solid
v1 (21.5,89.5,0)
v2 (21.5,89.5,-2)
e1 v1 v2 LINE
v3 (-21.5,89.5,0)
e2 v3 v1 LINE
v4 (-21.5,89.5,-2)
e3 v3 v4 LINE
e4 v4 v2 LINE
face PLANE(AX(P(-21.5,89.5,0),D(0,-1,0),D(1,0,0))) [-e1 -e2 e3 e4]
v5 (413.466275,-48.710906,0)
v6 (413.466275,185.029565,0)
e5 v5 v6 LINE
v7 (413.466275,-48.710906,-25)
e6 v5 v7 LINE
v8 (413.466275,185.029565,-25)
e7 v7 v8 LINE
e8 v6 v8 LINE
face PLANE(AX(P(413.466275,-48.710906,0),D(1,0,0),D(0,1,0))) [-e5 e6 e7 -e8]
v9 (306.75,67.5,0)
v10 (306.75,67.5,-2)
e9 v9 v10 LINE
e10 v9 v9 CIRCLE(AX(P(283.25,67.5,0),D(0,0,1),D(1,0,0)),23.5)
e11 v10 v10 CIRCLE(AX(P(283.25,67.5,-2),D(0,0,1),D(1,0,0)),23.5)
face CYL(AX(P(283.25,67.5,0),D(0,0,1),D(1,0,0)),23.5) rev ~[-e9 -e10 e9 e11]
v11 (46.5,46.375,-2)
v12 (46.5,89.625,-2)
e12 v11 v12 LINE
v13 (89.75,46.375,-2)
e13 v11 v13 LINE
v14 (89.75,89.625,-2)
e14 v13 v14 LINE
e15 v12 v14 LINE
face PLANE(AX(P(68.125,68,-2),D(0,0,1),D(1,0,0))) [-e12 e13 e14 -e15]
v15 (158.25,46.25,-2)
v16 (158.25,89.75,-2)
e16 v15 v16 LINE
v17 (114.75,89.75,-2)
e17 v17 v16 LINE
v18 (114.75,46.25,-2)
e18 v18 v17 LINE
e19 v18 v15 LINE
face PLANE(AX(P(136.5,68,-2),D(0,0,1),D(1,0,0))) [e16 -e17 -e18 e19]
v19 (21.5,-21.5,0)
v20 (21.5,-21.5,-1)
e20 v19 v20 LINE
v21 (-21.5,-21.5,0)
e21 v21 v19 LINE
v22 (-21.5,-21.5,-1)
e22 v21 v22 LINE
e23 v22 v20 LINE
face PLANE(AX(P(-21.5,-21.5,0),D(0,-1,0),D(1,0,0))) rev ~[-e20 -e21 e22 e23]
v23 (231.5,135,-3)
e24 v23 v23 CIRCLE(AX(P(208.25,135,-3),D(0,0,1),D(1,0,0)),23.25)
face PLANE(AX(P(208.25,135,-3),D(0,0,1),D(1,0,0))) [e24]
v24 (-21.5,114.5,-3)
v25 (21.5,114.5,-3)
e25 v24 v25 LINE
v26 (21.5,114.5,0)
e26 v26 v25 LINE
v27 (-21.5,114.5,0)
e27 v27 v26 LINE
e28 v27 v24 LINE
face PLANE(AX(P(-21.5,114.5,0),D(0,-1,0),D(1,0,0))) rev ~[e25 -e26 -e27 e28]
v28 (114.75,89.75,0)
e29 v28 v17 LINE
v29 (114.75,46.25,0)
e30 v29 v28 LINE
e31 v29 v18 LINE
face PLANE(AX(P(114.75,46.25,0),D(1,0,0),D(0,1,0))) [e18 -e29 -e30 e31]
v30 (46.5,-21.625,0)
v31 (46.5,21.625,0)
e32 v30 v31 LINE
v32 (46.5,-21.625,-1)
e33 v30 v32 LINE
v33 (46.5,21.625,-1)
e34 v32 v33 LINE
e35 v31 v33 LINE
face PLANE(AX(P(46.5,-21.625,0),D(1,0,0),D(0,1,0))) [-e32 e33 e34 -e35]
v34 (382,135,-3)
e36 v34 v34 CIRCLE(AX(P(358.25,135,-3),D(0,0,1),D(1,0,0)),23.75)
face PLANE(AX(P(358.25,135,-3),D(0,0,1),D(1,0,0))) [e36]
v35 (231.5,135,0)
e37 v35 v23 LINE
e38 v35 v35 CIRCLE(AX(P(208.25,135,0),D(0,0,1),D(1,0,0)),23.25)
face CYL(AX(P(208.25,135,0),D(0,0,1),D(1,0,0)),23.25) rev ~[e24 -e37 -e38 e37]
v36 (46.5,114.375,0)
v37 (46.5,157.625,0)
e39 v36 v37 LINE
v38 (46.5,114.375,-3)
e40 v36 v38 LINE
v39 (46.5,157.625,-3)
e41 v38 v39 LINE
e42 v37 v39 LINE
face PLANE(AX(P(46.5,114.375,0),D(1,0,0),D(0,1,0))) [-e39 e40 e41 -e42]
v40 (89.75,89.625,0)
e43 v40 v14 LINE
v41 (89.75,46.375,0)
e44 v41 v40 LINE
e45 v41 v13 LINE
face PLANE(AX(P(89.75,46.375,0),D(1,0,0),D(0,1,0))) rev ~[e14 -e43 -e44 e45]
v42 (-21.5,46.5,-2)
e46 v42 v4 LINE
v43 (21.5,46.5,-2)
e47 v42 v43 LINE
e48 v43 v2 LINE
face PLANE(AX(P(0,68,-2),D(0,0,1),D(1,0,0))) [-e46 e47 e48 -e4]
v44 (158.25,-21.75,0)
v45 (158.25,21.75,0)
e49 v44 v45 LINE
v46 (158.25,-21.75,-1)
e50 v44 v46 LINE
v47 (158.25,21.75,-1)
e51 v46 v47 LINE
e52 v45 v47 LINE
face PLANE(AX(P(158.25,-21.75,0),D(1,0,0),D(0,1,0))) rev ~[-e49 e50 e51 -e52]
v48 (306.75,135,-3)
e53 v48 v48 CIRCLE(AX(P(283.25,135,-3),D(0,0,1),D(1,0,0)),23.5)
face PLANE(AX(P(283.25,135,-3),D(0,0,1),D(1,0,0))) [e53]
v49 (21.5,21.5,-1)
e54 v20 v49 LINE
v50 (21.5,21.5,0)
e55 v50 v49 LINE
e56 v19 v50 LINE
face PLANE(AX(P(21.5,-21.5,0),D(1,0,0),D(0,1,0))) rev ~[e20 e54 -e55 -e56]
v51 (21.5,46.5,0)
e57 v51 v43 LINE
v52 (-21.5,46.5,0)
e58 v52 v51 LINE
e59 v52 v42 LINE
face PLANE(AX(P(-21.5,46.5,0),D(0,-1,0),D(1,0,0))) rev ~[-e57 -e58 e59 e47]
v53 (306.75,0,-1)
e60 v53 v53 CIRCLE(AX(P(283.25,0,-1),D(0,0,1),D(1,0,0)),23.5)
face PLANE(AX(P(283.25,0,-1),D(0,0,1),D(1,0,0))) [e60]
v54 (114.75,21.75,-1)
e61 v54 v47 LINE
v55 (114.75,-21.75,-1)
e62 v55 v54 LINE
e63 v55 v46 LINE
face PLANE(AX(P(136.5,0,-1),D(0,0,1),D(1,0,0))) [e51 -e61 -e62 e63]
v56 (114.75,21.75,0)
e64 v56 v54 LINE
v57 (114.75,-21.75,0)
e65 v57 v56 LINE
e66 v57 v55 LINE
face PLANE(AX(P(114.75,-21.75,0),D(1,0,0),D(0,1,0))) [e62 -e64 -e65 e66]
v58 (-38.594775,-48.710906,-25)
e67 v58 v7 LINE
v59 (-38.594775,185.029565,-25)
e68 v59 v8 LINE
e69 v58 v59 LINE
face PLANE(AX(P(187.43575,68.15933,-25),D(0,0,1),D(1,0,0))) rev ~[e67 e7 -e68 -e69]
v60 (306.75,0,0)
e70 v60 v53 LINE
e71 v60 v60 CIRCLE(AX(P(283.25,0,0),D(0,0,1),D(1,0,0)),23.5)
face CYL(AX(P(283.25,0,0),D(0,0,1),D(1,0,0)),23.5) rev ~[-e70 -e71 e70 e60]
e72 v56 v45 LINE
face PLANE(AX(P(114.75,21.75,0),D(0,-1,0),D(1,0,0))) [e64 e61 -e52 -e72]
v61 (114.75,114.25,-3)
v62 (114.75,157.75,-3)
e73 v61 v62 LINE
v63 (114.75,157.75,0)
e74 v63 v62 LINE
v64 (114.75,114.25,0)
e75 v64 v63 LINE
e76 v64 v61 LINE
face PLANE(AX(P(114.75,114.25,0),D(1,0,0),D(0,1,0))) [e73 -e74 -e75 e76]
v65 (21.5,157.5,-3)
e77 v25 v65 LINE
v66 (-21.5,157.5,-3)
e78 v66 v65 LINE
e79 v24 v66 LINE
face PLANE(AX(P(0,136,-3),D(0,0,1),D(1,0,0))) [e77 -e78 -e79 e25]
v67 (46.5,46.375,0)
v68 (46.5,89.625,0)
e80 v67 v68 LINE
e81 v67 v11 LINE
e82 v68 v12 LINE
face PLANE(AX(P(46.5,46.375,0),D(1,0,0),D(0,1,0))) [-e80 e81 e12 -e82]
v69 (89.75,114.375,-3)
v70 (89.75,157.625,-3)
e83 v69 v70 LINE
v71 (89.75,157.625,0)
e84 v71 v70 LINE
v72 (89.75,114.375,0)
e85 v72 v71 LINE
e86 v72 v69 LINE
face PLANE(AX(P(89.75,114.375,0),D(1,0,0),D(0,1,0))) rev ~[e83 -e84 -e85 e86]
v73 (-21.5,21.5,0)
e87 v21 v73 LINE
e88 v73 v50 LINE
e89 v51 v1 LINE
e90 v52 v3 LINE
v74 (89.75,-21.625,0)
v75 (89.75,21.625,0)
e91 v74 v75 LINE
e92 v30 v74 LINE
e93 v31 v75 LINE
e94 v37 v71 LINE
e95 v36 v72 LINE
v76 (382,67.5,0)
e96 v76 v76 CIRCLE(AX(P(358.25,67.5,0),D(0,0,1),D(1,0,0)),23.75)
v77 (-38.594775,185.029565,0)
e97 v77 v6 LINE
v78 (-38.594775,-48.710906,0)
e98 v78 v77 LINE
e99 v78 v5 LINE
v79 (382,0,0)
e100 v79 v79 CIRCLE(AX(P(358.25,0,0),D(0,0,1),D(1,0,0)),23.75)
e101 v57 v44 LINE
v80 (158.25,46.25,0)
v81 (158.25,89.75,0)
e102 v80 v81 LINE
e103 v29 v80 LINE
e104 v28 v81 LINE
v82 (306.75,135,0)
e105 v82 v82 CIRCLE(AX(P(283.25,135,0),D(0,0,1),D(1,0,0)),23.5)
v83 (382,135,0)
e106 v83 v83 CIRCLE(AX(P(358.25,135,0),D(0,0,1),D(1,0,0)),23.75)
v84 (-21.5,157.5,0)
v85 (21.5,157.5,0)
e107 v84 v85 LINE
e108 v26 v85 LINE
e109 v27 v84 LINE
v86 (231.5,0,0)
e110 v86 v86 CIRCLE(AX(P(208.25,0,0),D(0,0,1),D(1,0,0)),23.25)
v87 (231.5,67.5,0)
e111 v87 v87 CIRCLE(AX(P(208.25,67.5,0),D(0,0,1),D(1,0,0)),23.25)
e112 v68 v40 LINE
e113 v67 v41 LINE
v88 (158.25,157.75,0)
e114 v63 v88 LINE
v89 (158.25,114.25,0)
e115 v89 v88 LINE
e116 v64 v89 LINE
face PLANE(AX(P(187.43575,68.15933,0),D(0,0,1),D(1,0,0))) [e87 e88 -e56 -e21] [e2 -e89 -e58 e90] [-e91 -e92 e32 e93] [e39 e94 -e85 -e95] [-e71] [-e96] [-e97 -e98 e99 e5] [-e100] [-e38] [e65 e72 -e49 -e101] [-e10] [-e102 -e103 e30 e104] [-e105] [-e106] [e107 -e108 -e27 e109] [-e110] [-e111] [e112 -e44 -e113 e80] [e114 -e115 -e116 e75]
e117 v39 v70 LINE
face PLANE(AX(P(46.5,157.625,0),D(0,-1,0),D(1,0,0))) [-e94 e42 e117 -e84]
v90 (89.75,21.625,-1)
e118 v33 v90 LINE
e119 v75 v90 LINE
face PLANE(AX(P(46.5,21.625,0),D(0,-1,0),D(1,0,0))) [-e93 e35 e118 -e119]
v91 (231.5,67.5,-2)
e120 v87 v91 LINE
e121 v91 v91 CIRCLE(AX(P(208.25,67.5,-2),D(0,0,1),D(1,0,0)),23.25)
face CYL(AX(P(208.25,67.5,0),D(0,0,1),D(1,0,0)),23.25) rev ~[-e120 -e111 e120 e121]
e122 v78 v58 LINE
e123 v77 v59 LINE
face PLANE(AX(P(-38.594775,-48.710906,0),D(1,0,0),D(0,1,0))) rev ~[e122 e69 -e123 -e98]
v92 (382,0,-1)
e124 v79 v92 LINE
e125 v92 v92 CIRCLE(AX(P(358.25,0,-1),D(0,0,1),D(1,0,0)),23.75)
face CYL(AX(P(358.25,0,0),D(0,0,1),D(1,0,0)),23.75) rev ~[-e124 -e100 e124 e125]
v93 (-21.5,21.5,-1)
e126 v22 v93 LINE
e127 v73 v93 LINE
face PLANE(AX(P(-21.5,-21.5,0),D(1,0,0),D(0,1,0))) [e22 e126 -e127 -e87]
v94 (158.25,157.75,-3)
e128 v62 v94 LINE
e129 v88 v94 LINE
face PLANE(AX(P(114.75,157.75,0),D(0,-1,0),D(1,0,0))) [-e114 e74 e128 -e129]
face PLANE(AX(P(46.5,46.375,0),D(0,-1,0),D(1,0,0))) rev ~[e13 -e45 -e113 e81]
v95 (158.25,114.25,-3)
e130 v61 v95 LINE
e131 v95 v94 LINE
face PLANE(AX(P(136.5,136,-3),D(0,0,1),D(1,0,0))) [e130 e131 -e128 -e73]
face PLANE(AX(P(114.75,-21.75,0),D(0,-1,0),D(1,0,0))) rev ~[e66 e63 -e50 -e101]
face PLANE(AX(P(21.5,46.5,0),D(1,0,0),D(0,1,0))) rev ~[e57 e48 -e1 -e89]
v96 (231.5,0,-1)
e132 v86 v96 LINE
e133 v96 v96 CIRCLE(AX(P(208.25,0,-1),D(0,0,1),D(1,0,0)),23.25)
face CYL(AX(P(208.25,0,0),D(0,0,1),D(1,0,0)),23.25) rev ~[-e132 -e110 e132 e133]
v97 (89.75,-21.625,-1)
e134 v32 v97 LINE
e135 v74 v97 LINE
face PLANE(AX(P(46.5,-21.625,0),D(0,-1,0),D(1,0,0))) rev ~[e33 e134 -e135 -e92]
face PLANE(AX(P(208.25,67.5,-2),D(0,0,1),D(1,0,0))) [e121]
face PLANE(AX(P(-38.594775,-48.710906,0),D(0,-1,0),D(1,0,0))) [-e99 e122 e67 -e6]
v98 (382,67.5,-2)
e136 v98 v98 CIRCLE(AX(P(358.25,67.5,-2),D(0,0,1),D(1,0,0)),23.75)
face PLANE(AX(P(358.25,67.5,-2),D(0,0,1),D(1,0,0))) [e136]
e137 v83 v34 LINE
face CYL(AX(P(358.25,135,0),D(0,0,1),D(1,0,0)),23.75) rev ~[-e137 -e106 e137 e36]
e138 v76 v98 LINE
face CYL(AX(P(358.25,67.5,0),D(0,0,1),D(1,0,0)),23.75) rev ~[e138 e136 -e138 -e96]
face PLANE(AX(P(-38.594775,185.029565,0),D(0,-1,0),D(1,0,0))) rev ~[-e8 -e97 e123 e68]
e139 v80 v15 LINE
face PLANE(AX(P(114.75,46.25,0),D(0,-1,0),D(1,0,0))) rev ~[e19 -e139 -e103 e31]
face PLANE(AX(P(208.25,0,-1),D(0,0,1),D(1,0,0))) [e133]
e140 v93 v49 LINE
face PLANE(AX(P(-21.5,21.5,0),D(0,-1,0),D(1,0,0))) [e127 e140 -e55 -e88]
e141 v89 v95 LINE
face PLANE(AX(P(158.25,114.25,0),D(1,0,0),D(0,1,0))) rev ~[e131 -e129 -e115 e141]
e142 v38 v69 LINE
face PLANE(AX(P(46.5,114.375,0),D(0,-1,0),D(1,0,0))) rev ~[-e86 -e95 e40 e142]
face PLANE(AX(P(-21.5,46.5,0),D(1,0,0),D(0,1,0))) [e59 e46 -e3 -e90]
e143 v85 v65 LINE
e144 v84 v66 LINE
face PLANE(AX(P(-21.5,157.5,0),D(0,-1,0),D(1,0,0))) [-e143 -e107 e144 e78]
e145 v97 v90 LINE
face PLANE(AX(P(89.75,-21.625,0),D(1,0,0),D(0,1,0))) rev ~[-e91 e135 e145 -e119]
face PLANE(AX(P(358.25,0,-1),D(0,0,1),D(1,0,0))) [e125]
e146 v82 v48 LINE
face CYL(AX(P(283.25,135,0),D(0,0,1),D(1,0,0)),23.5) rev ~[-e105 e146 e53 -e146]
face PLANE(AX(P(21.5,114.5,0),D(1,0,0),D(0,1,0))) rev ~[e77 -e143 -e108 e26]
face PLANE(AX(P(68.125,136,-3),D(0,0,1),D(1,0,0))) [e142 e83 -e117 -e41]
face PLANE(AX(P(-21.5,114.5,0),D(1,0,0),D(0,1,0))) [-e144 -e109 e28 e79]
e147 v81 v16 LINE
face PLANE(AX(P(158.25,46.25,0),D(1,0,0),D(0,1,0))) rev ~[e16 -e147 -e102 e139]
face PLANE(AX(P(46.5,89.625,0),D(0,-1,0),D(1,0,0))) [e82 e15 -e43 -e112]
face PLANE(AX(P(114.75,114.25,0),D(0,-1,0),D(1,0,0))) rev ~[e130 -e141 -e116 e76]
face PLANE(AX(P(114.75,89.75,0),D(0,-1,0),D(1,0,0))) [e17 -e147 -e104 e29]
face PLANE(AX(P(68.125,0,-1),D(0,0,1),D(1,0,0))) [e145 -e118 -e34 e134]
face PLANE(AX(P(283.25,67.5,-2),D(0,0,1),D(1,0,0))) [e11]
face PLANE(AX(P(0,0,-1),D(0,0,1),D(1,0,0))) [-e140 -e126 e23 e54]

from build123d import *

# Parameters (mm, degrees)
F3_W      = 452.06105
F3_H      = 233.740471
F4_DEPTH  = 25
F0_W      = 43
F0_H      = 43
F0_W_2    = 43.25
F0_H_2    = 43.25
F0_W_3    = 43.5
F0_H_3    = 43.5
F5_DEPTH  = 1
F1_W      = 43
F1_H      = 43
F1_W_2    = 43.25
F1_H_2    = 43.25
F1_W_3    = 43.5
F1_H_3    = 43.5
F6_DEPTH  = 2
F2_W      = 43
F2_H      = 43
F2_W_2    = 43.25
F2_H_2    = 43.25
F2_W_3    = 43.5
F2_H_3    = 43.5
F7_DEPTH  = 3
F8_R      = 23.25
F8_R_2    = 23.5
F8_R_3    = 23.75
F11_DEPTH = 1
F9_R      = 23.25
F9_R_2    = 23.5
F9_R_3    = 23.75
F12_DEPTH = 2
F10_R     = 23.25
F10_R_2   = 23.5
F10_R_3   = 23.75
F13_DEPTH = 3


with BuildPart() as f4:
    # F3 (on Top) → F4 (new body)
    with BuildSketch(Plane.XY):
        with Locations((187.43575, 68.15933)):
            Rectangle(F3_W, F3_H)
    extrude(amount=-F4_DEPTH)

    # F0 (on Top) → F5 (cut)
    with BuildSketch(Plane.XY):
        Rectangle(F0_W, F0_H)
        with Locations((68.125, 0)):
            Rectangle(F0_W_2, F0_H_2)
        with Locations((136.5, 0)):
            Rectangle(F0_W_3, F0_H_3)
    extrude(amount=-F5_DEPTH, mode=Mode.SUBTRACT)

    # F1 (on Top) → F6 (cut)
    with BuildSketch(Plane.XY):
        with Locations((0, 68)):
            Rectangle(F1_W, F1_H)
        with Locations((68.125, 68)):
            Rectangle(F1_W_2, F1_H_2)
        with Locations((136.5, 68)):
            Rectangle(F1_W_3, F1_H_3)
    extrude(amount=-F6_DEPTH, mode=Mode.SUBTRACT)

    # F2 (on Top) → F7 (cut)
    with BuildSketch(Plane.XY):
        with Locations((0, 136)):
            Rectangle(F2_W, F2_H)
        with Locations((68.125, 136)):
            Rectangle(F2_W_2, F2_H_2)
        with Locations((136.5, 136)):
            Rectangle(F2_W_3, F2_H_3)
    extrude(amount=-F7_DEPTH, mode=Mode.SUBTRACT)

    # F8 (on face) → F11 (cut)
    with BuildSketch(Plane.XY):
        with Locations((208.25, 0)):
            Circle(F8_R)
        with Locations((283.25, 0)):
            Circle(F8_R_2)
        with Locations((358.25, 0)):
            Circle(F8_R_3)
    extrude(amount=-F11_DEPTH, mode=Mode.SUBTRACT)

    # F9 (on face) → F12 (cut)
    with BuildSketch(Plane.XY):
        with Locations((208.25, 67.5)):
            Circle(F9_R)
        with Locations((283.25, 67.5)):
            Circle(F9_R_2)
        with Locations((358.25, 67.5)):
            Circle(F9_R_3)
    extrude(amount=-F12_DEPTH, mode=Mode.SUBTRACT)

    # F10 (on face) → F13 (cut)
    with BuildSketch(Plane.XY):
        with Locations((208.25, 135)):
            Circle(F10_R)
        with Locations((283.25, 135)):
            Circle(F10_R_2)
        with Locations((358.25, 135)):
            Circle(F10_R_3)
    extrude(amount=-F13_DEPTH, mode=Mode.SUBTRACT)


solid = f4.part
